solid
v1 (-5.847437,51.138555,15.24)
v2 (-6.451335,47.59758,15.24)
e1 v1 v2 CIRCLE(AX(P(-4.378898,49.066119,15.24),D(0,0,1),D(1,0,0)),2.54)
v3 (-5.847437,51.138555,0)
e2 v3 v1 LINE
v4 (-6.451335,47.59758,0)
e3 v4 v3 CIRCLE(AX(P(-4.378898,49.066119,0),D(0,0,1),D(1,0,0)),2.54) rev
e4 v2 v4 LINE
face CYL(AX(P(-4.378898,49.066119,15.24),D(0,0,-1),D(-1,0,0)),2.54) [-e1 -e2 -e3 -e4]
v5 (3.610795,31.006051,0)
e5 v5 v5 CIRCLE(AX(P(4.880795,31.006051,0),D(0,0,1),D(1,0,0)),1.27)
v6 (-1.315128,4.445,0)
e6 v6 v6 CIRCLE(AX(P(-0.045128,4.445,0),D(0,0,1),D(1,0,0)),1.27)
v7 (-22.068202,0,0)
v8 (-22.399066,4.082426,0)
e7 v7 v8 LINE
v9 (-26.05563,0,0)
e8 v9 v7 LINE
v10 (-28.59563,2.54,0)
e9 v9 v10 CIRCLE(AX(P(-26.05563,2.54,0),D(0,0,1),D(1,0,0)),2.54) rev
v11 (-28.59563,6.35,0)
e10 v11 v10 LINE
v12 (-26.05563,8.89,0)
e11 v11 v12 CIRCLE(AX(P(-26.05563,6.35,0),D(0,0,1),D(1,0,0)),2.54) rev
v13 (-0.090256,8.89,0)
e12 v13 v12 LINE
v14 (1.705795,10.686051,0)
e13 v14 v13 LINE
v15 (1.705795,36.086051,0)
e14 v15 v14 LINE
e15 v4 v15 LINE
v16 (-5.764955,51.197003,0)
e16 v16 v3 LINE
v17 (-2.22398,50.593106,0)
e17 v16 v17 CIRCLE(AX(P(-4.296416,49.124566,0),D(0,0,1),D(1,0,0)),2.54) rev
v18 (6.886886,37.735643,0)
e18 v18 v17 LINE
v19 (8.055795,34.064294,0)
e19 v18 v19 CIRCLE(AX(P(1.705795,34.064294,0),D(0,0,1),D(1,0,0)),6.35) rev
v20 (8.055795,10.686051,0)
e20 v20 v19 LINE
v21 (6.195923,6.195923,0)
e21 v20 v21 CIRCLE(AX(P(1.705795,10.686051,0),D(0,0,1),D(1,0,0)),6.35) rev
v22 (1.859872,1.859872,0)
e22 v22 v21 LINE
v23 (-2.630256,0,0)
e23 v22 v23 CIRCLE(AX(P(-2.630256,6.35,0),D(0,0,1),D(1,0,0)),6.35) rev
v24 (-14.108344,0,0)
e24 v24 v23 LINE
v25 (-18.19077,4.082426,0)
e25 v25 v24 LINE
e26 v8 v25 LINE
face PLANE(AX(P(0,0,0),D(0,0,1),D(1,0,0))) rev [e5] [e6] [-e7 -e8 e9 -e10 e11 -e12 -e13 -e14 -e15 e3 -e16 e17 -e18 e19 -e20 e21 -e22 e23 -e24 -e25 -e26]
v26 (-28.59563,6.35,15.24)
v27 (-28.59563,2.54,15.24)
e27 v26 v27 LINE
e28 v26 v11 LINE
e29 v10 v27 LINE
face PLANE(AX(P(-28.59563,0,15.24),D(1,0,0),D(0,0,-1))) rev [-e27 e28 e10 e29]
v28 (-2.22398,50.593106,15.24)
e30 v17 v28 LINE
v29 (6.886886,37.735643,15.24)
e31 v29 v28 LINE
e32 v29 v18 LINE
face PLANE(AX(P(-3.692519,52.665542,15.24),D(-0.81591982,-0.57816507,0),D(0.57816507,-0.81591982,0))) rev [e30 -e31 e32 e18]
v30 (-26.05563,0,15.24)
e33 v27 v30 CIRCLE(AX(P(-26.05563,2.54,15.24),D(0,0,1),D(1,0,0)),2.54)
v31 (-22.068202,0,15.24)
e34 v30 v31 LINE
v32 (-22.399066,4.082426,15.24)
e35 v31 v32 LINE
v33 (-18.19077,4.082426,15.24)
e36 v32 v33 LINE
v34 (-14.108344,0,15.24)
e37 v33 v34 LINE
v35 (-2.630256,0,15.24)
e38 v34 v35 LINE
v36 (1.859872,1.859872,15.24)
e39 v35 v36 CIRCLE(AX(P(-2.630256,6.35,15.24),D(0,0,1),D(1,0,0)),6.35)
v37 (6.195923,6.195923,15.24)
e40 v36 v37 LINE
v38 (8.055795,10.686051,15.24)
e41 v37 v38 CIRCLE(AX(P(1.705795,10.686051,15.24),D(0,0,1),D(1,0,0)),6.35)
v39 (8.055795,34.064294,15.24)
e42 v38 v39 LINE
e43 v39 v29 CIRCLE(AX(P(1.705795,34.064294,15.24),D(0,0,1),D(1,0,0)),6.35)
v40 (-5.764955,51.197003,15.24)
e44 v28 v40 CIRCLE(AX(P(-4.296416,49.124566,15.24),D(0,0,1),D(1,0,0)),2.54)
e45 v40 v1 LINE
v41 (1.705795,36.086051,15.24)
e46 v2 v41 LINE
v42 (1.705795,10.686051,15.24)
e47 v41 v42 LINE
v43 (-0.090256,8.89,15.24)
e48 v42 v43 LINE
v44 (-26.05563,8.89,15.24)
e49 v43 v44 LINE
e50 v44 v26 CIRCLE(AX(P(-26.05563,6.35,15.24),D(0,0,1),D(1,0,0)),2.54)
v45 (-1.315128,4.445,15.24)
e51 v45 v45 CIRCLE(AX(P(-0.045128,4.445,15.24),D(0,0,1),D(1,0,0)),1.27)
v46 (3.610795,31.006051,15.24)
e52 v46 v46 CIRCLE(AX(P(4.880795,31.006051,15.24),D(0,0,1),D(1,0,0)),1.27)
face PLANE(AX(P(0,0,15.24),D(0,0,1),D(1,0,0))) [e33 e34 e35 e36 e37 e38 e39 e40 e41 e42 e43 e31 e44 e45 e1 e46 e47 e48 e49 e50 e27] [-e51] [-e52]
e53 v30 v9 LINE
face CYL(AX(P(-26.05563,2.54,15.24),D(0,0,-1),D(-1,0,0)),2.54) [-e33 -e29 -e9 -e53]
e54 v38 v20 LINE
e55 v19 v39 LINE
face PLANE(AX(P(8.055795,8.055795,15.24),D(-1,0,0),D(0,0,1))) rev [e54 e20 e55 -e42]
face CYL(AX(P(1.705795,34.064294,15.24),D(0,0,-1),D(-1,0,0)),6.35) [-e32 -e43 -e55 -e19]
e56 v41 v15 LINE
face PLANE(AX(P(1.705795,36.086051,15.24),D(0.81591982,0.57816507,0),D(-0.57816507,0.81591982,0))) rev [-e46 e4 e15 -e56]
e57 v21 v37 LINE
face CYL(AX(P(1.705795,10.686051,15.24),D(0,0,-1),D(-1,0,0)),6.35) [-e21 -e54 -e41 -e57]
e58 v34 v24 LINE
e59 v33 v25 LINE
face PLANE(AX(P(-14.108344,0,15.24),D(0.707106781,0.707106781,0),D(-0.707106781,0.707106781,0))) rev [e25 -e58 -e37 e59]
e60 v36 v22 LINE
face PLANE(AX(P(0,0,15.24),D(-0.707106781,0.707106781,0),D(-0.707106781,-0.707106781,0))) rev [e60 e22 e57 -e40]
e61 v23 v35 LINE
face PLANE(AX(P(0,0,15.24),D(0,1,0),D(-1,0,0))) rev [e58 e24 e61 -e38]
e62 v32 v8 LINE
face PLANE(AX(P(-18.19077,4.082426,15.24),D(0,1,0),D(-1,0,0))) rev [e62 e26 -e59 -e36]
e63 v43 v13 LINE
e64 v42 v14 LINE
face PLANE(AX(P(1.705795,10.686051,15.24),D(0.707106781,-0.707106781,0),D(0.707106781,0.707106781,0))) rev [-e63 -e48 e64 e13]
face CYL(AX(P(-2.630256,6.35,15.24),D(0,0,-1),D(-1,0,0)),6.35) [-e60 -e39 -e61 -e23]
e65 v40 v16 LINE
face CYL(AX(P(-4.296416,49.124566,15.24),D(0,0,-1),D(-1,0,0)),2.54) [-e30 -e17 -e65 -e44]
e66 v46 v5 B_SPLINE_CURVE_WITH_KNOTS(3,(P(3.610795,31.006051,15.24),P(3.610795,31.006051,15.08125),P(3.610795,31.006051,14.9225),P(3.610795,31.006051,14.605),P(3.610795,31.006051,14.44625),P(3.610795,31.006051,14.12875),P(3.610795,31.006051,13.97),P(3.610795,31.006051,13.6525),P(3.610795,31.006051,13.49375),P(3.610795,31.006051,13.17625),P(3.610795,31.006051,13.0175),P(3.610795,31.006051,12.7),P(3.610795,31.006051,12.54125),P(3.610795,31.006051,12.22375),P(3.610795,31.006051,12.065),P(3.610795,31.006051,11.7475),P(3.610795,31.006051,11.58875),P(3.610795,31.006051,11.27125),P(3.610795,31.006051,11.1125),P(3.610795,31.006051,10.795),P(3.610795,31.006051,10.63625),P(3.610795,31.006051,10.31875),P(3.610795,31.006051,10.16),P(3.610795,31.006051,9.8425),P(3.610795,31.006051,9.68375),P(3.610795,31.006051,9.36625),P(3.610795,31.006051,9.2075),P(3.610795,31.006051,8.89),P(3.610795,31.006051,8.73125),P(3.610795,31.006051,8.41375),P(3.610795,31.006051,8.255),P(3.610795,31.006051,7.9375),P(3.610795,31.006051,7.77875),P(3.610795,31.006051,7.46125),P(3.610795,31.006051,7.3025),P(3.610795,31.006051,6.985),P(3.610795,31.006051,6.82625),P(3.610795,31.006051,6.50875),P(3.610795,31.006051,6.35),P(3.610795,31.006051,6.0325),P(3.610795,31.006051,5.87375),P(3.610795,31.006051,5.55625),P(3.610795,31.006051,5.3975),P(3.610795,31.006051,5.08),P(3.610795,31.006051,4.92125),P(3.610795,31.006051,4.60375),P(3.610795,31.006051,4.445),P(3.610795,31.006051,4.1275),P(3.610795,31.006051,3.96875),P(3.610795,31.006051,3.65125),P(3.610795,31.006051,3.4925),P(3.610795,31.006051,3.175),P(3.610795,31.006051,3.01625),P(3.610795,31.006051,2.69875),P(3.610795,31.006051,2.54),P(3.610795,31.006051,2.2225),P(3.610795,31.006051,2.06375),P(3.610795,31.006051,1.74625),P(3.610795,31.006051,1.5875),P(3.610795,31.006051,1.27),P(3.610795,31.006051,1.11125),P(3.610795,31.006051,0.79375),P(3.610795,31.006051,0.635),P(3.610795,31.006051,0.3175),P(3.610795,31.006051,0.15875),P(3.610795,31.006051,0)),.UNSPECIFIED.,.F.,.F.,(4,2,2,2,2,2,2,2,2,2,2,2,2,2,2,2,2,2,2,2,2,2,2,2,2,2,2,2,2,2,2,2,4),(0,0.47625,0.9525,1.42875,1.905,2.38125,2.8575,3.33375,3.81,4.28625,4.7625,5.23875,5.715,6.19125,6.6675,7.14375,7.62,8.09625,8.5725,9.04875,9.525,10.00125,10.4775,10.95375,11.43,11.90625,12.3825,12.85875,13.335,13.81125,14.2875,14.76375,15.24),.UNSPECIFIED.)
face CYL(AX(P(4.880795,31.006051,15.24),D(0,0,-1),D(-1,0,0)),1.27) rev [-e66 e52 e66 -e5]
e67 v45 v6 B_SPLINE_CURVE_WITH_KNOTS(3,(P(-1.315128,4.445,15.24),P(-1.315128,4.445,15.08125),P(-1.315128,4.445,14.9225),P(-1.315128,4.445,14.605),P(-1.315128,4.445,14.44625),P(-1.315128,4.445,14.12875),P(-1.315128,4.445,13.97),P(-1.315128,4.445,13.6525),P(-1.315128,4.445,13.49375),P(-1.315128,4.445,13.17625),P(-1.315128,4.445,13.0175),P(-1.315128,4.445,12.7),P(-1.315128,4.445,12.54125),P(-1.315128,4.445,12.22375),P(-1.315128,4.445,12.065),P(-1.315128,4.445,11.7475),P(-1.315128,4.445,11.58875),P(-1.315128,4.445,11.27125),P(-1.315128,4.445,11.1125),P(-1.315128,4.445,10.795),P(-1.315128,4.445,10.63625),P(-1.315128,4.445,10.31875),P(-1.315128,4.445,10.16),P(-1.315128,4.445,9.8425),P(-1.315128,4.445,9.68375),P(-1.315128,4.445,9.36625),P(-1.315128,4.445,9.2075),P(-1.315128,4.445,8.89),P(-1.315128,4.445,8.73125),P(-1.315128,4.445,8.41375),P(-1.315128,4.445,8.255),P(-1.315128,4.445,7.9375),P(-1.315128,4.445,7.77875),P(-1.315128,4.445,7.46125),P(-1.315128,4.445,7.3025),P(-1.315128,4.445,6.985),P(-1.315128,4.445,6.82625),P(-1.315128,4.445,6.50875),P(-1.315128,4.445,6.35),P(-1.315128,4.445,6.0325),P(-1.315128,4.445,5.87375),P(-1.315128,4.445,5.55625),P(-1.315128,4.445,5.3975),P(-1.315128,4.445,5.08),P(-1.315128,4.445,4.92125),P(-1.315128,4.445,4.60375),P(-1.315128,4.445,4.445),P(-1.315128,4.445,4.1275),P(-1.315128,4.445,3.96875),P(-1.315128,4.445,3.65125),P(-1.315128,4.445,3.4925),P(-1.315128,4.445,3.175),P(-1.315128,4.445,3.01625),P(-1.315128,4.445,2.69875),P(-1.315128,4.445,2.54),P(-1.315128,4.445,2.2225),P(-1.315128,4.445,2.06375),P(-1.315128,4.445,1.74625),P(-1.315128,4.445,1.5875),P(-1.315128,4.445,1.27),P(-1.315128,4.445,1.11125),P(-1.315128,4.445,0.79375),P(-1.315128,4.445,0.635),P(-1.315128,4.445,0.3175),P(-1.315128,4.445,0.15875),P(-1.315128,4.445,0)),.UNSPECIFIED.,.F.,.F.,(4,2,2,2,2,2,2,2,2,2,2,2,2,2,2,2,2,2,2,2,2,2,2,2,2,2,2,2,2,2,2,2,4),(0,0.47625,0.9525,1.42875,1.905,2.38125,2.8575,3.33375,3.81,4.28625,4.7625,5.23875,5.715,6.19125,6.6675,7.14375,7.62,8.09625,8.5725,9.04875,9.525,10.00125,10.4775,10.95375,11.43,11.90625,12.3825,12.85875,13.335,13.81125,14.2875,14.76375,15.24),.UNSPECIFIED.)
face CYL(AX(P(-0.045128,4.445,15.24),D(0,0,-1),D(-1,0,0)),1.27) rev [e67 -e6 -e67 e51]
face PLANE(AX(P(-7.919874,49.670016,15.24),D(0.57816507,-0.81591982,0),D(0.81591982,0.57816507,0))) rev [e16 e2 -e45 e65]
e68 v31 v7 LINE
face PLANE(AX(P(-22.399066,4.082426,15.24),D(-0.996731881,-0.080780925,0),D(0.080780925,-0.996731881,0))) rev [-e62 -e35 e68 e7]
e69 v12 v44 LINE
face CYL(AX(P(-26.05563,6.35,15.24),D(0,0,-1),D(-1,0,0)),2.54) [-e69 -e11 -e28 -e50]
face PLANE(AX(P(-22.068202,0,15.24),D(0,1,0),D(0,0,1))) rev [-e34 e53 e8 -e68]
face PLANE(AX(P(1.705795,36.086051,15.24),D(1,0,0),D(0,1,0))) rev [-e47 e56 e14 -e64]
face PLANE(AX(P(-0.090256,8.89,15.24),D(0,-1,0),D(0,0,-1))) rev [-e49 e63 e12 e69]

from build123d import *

# Parameters (mm, degrees)
SKETCH1_R           = 1.27
BOSS_EXTRUDE1_DEPTH = 15.24
BIG_FILL_R          = 6.35
FILLET1_R           = 2.54


with BuildPart() as part:
    # Sketch1 → Boss-Extrude1 (new body)
    with BuildSketch(Plane.XY):
        Polygon((0, 0), (-14.108343909, 0), (-18.190770029, 4.082426119), (-22.399065773, 4.082426119), (-22.068202315, 0), (-28.595630403, 0), (-28.595630403, 8.89), (-0.090256121, 8.89), (1.705795103, 10.686051224), (1.705795103, 36.086051224), (-7.919873827, 49.670016208), (-3.692519109, 52.665541963), (8.055795103, 36.086051224), (8.055795103, 8.055795103), align=None)
        with Locations(Location((-0.045128061, 4.445, 0), (0, 0, 180))):
            Circle(SKETCH1_R, mode=Mode.SUBTRACT)
        with Locations(Location((4.880795103, 31.006051224, 0), (0, 0, 180))):
            Circle(SKETCH1_R, mode=Mode.SUBTRACT)
    extrude(amount=BOSS_EXTRUDE1_DEPTH)

    # big_fill
    big_fill_edges = [part.edges().sort_by_distance(p)[0] for p in [
        (0, 0, 7.62),
        (8.055795103, 36.086051224, 7.62),
        (8.055795103, 8.055795103, 7.62),
    ]]
    fillet(big_fill_edges, radius=BIG_FILL_R)

    # Fillet1
    fillet1_edges = [part.edges().sort_by_distance(p)[0] for p in [
        (-28.595630403, 0, 7.62),
        (-28.595630403, 8.89, 7.62),
        (-7.919873827, 49.670016208, 7.62),
        (-3.692519109, 52.665541963, 7.62),
    ]]
    fillet(fillet1_edges, radius=FILLET1_R)


solid = part.part
